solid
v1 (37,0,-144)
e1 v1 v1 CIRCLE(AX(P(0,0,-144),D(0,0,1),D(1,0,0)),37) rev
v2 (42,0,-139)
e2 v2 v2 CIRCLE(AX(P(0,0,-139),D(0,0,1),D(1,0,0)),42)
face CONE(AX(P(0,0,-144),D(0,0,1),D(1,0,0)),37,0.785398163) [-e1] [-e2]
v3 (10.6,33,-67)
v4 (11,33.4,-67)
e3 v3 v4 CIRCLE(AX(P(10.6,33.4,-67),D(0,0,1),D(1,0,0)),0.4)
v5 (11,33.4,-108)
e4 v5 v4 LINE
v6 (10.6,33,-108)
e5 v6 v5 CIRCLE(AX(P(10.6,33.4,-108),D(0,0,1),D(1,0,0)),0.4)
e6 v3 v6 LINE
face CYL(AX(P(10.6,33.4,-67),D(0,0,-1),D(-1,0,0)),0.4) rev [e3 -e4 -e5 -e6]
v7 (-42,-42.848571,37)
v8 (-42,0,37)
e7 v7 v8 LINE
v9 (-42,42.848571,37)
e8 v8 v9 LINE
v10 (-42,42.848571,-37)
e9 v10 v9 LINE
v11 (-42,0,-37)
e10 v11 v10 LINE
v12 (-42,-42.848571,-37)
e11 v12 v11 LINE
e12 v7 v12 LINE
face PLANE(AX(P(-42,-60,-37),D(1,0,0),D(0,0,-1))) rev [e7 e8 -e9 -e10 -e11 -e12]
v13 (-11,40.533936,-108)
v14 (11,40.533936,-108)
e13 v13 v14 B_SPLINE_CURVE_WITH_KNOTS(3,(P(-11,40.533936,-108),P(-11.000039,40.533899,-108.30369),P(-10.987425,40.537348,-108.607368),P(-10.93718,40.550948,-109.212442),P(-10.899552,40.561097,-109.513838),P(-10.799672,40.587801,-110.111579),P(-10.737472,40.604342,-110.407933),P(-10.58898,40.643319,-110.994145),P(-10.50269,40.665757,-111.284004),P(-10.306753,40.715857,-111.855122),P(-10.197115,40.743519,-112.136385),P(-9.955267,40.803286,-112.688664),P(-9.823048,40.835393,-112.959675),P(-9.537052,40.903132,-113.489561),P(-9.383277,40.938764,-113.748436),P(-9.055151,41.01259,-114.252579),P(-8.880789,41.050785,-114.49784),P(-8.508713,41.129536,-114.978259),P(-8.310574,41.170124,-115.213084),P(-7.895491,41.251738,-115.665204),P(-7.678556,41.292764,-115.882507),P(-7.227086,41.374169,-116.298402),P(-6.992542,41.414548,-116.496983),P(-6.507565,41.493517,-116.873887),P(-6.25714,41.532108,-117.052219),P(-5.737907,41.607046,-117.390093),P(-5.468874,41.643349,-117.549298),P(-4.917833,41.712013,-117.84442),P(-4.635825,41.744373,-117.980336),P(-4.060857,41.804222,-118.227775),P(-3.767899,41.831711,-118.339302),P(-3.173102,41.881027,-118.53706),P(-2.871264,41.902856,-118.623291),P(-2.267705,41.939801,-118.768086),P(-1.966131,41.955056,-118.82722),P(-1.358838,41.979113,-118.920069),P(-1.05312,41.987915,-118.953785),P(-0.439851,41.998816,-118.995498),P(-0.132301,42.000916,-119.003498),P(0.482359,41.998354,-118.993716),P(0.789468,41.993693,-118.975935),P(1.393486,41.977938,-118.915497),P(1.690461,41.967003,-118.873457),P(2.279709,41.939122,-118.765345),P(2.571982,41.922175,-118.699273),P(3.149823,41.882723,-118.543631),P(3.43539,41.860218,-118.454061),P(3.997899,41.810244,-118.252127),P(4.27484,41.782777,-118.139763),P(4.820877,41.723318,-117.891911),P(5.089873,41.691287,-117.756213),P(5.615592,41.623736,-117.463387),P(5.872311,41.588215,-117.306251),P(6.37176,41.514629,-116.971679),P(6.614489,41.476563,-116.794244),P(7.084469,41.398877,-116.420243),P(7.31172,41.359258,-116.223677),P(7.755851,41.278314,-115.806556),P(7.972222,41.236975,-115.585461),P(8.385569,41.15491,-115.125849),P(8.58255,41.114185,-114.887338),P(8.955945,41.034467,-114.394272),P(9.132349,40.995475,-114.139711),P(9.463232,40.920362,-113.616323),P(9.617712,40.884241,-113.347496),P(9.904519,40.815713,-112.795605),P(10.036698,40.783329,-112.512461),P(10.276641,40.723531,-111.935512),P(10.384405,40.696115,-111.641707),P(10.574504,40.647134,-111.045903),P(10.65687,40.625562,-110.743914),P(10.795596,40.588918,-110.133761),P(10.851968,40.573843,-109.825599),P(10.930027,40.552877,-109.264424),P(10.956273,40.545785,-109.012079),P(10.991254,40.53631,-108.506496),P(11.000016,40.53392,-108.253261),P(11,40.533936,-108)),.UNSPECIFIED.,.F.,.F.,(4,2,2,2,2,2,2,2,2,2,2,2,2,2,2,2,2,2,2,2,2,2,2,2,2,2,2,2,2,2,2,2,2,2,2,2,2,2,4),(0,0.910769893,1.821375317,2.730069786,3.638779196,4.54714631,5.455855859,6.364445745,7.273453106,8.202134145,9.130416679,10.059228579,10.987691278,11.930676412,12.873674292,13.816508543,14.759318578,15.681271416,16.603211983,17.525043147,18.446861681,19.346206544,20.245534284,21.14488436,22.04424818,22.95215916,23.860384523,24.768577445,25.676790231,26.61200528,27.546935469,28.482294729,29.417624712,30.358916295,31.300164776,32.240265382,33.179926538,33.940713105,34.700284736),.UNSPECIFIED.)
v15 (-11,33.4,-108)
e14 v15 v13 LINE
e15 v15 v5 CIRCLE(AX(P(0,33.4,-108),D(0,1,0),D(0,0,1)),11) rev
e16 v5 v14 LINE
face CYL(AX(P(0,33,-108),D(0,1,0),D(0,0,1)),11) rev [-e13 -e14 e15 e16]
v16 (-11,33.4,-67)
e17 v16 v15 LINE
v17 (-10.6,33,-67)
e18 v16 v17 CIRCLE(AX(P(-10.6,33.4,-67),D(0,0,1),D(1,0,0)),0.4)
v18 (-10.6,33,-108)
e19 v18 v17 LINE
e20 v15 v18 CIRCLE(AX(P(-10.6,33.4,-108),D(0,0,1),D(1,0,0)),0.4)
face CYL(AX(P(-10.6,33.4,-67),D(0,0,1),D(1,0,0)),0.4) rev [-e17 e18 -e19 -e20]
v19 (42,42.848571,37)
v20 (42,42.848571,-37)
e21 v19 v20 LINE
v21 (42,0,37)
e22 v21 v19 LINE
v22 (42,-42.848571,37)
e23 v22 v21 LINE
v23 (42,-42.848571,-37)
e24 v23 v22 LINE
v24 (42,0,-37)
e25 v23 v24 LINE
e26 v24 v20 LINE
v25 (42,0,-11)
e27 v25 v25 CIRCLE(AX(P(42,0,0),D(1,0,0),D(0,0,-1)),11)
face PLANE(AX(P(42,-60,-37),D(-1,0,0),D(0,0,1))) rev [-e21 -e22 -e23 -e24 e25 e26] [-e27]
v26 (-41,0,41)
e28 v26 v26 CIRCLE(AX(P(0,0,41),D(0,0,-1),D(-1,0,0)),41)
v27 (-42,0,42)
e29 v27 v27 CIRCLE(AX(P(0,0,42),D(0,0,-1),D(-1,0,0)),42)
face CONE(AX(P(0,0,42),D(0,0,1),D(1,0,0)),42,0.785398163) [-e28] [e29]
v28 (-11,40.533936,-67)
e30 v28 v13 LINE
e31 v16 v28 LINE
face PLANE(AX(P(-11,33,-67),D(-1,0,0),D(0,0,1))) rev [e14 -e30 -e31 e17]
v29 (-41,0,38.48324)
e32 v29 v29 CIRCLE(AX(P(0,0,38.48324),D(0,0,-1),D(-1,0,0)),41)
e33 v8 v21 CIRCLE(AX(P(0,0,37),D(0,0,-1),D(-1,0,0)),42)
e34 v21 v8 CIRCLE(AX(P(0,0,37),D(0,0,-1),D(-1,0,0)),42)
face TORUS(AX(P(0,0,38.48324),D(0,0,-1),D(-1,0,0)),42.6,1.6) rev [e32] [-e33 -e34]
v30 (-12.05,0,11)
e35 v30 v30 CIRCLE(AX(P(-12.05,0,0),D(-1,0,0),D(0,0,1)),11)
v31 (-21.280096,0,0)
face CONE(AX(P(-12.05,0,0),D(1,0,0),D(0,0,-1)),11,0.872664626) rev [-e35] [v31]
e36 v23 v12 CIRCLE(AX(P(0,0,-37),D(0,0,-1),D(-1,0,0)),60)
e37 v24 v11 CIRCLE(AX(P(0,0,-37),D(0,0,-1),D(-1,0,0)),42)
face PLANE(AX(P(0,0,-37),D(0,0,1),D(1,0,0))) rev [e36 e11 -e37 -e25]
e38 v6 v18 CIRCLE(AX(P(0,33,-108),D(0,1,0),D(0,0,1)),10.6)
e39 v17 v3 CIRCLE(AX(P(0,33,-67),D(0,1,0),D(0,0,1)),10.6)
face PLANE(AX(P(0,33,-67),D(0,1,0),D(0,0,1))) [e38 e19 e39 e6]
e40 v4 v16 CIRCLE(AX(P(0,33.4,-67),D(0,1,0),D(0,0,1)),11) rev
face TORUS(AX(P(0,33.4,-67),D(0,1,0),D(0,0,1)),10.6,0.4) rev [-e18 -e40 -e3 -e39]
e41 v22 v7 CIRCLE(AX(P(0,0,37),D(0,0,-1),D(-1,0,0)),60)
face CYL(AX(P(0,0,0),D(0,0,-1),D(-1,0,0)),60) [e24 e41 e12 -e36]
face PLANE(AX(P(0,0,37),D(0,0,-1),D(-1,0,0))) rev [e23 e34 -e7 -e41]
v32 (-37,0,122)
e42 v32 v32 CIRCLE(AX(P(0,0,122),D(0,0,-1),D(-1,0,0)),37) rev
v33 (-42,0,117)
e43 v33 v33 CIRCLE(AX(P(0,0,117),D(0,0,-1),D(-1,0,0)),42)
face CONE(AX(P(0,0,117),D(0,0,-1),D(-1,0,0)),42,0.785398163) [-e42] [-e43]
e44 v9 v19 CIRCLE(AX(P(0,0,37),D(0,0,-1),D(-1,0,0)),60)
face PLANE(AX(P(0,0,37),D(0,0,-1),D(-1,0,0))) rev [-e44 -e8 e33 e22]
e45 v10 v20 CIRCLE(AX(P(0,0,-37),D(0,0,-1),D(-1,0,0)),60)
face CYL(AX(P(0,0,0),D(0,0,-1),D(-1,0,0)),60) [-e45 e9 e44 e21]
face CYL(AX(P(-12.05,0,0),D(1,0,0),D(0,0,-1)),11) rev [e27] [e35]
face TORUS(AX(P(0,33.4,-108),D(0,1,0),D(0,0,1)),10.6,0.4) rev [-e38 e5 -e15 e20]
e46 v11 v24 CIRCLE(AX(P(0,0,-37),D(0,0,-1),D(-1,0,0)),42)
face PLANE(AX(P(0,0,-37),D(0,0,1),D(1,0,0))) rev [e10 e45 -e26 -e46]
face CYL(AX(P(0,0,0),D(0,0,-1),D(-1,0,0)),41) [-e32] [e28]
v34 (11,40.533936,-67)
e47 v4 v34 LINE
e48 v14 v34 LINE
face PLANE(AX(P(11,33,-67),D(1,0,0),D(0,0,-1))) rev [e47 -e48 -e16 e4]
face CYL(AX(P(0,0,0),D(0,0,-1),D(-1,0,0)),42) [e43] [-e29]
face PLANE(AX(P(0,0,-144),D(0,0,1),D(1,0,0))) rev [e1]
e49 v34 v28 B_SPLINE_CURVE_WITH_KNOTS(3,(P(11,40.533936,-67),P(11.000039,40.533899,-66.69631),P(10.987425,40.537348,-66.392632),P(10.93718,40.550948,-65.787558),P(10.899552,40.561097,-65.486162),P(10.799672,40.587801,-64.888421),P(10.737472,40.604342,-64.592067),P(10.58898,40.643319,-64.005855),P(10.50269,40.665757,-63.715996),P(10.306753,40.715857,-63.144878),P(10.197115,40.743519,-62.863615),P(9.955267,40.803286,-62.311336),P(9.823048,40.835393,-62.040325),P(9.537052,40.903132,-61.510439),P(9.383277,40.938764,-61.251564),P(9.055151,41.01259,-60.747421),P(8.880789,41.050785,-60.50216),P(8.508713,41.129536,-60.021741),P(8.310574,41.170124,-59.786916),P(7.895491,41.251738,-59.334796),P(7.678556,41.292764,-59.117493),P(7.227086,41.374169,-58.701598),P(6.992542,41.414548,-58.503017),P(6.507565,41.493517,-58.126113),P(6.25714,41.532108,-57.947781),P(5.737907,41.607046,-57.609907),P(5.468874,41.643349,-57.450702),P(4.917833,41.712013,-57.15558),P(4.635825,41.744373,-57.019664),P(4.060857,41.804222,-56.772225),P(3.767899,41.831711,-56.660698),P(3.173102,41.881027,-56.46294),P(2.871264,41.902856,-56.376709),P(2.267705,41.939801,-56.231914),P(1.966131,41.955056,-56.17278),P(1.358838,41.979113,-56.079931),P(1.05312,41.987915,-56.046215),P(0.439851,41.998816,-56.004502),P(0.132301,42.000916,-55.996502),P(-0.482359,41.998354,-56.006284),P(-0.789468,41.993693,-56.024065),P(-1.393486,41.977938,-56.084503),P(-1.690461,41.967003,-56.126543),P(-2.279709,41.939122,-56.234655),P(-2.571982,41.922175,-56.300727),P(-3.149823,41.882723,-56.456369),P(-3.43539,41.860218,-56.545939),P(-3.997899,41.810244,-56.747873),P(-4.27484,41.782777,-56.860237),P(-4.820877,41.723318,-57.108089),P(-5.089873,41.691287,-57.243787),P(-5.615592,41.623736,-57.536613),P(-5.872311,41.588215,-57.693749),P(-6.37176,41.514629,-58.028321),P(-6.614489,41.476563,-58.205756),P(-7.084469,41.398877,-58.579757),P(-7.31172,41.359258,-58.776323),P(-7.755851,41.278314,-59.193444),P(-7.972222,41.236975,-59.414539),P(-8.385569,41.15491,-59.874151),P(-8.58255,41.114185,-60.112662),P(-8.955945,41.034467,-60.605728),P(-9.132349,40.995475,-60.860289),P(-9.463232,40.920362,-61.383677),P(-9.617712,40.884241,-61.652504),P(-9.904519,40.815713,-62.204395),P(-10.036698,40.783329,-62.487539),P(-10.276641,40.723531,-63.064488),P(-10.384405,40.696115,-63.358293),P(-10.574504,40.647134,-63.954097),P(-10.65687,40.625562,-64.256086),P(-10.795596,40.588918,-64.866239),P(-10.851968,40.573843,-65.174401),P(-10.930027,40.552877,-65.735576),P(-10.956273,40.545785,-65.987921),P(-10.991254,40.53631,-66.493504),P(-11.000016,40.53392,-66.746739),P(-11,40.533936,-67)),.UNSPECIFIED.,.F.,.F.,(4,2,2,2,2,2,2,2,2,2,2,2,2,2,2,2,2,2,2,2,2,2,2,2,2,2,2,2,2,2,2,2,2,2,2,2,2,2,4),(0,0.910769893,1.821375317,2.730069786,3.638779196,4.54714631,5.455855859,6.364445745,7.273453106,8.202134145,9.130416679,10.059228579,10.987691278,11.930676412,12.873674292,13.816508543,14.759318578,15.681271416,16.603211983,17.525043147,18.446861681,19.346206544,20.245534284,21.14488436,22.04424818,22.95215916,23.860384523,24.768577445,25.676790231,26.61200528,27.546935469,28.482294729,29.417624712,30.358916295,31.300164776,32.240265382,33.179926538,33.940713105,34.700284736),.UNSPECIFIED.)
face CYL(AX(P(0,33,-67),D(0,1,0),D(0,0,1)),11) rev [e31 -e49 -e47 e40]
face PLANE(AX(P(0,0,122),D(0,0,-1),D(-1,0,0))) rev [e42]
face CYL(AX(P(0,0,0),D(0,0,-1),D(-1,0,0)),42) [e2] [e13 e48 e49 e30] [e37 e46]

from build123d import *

# Parameters (mm, degrees)
CUT_EXTRUDE_1_DEPTH = 9
FILLET_1_R          = 0.4
CHAMFER_1_SIZE      = 5
CHAMFER_2_SIZE      = 5
SKETCH_5_W          = 18
SKETCH_5_H          = 74
CUT_EXTRUDE_2_DEPTH = 120
SKETCH_6_R          = 11
CUT_EXTRUDE_3_DEPTH = 54.05


with BuildPart() as part:
    # Эскиз1 → Повернуть1 (revolve)
    with BuildSketch(Plane(origin=(0, 0, 0), x_dir=(0, 0, -1), z_dir=(1, 0, 0))):
        Polygon((144, 0), (-122, 0), (-122, 42), (-37, 42), (-37, 60), (37, 60), (37, 42), (144, 42), align=None)
    revolve(axis=Axis((0, 0, 0), (0, 0, 1)))

    # Эскиз2 → Вырез-Вытянуть1 (cut)
    with BuildSketch(Plane(origin=(0, 42, 0), x_dir=(1, 0, 0), z_dir=(0, 1, 0))):
        with BuildLine():
            Line((-11, 67), (-11, 108))
            ThreePointArc((-11, 108), (0, 119), (11, 108))
            Line((11, 108), (11, 67))
            ThreePointArc((11, 67), (0, 56), (-11, 67))
        make_face()
    extrude(amount=-CUT_EXTRUDE_1_DEPTH, mode=Mode.SUBTRACT)

    # Скругление1
    fillet_1_edges = [part.edges().sort_by_distance(p)[0] for p in [
        (0, 33, -56),
        (-11, 33, -87.5),
        (0, 33, -119),
        (11, 33, -87.5),
    ]]
    fillet(fillet_1_edges, radius=FILLET_1_R)

    # Фаска1
    chamfer_1_edges = [part.edges().sort_by_distance(p)[0] for p in [
        (0, -42, -144),
    ]]
    chamfer(chamfer_1_edges, length=CHAMFER_1_SIZE)

    # Фаска2
    chamfer_2_edges = [part.edges().sort_by_distance(p)[0] for p in [
        (0, -42, 122),
    ]]
    chamfer(chamfer_2_edges, length=CHAMFER_2_SIZE)

    # Эскиз3 → Вырез-Повернуть1 (revolve, cut)
    with BuildSketch(Plane(origin=(0, 0, 0), x_dir=(0, 0, -1), z_dir=(1, 0, 0))):
        with BuildLine():
            Line((-37, 42), (-42, 42))
            Line((-42, 42), (-41, 41))
            Line((-41, 41), (-38.483239697, 41))
            ThreePointArc((-38.483239697, 41), (-37.588812506, 41.273350084), (-37, 42))
        make_face()
    revolve(axis=Axis((0, 0, 0), (0, 0, 1)), mode=Mode.SUBTRACT)

    # Эскиз5 → Вырез-Вытянуть2 (cut)
    with BuildSketch(Plane(origin=(0, 60, 0), x_dir=(1, 0, 0), z_dir=(0, 1, 0))):
        with Locations((-51, 0)):
            Rectangle(SKETCH_5_W, SKETCH_5_H)
        with Locations((51, 0)):
            Rectangle(SKETCH_5_W, SKETCH_5_H)
    extrude(amount=-CUT_EXTRUDE_2_DEPTH, mode=Mode.SUBTRACT)

    # Эскиз6 → Вырез-Вытянуть3 (cut)
    with BuildSketch(Plane(origin=(42, 0, 0), x_dir=(0, 0, -1), z_dir=(1, 0, 0))):
        Circle(SKETCH_6_R)
    extrude(amount=-CUT_EXTRUDE_3_DEPTH, mode=Mode.SUBTRACT)

    # Эскиз7 → Вырез-Повернуть6 (revolve, cut)
    with BuildSketch(Plane.XY):
        Polygon((-12.05, 11), (-12.05, 0), (-21.280095943, 0), align=None)
    revolve(axis=Axis((-21, 0, 0), (1, 0, 0)), mode=Mode.SUBTRACT)


solid = part.part
